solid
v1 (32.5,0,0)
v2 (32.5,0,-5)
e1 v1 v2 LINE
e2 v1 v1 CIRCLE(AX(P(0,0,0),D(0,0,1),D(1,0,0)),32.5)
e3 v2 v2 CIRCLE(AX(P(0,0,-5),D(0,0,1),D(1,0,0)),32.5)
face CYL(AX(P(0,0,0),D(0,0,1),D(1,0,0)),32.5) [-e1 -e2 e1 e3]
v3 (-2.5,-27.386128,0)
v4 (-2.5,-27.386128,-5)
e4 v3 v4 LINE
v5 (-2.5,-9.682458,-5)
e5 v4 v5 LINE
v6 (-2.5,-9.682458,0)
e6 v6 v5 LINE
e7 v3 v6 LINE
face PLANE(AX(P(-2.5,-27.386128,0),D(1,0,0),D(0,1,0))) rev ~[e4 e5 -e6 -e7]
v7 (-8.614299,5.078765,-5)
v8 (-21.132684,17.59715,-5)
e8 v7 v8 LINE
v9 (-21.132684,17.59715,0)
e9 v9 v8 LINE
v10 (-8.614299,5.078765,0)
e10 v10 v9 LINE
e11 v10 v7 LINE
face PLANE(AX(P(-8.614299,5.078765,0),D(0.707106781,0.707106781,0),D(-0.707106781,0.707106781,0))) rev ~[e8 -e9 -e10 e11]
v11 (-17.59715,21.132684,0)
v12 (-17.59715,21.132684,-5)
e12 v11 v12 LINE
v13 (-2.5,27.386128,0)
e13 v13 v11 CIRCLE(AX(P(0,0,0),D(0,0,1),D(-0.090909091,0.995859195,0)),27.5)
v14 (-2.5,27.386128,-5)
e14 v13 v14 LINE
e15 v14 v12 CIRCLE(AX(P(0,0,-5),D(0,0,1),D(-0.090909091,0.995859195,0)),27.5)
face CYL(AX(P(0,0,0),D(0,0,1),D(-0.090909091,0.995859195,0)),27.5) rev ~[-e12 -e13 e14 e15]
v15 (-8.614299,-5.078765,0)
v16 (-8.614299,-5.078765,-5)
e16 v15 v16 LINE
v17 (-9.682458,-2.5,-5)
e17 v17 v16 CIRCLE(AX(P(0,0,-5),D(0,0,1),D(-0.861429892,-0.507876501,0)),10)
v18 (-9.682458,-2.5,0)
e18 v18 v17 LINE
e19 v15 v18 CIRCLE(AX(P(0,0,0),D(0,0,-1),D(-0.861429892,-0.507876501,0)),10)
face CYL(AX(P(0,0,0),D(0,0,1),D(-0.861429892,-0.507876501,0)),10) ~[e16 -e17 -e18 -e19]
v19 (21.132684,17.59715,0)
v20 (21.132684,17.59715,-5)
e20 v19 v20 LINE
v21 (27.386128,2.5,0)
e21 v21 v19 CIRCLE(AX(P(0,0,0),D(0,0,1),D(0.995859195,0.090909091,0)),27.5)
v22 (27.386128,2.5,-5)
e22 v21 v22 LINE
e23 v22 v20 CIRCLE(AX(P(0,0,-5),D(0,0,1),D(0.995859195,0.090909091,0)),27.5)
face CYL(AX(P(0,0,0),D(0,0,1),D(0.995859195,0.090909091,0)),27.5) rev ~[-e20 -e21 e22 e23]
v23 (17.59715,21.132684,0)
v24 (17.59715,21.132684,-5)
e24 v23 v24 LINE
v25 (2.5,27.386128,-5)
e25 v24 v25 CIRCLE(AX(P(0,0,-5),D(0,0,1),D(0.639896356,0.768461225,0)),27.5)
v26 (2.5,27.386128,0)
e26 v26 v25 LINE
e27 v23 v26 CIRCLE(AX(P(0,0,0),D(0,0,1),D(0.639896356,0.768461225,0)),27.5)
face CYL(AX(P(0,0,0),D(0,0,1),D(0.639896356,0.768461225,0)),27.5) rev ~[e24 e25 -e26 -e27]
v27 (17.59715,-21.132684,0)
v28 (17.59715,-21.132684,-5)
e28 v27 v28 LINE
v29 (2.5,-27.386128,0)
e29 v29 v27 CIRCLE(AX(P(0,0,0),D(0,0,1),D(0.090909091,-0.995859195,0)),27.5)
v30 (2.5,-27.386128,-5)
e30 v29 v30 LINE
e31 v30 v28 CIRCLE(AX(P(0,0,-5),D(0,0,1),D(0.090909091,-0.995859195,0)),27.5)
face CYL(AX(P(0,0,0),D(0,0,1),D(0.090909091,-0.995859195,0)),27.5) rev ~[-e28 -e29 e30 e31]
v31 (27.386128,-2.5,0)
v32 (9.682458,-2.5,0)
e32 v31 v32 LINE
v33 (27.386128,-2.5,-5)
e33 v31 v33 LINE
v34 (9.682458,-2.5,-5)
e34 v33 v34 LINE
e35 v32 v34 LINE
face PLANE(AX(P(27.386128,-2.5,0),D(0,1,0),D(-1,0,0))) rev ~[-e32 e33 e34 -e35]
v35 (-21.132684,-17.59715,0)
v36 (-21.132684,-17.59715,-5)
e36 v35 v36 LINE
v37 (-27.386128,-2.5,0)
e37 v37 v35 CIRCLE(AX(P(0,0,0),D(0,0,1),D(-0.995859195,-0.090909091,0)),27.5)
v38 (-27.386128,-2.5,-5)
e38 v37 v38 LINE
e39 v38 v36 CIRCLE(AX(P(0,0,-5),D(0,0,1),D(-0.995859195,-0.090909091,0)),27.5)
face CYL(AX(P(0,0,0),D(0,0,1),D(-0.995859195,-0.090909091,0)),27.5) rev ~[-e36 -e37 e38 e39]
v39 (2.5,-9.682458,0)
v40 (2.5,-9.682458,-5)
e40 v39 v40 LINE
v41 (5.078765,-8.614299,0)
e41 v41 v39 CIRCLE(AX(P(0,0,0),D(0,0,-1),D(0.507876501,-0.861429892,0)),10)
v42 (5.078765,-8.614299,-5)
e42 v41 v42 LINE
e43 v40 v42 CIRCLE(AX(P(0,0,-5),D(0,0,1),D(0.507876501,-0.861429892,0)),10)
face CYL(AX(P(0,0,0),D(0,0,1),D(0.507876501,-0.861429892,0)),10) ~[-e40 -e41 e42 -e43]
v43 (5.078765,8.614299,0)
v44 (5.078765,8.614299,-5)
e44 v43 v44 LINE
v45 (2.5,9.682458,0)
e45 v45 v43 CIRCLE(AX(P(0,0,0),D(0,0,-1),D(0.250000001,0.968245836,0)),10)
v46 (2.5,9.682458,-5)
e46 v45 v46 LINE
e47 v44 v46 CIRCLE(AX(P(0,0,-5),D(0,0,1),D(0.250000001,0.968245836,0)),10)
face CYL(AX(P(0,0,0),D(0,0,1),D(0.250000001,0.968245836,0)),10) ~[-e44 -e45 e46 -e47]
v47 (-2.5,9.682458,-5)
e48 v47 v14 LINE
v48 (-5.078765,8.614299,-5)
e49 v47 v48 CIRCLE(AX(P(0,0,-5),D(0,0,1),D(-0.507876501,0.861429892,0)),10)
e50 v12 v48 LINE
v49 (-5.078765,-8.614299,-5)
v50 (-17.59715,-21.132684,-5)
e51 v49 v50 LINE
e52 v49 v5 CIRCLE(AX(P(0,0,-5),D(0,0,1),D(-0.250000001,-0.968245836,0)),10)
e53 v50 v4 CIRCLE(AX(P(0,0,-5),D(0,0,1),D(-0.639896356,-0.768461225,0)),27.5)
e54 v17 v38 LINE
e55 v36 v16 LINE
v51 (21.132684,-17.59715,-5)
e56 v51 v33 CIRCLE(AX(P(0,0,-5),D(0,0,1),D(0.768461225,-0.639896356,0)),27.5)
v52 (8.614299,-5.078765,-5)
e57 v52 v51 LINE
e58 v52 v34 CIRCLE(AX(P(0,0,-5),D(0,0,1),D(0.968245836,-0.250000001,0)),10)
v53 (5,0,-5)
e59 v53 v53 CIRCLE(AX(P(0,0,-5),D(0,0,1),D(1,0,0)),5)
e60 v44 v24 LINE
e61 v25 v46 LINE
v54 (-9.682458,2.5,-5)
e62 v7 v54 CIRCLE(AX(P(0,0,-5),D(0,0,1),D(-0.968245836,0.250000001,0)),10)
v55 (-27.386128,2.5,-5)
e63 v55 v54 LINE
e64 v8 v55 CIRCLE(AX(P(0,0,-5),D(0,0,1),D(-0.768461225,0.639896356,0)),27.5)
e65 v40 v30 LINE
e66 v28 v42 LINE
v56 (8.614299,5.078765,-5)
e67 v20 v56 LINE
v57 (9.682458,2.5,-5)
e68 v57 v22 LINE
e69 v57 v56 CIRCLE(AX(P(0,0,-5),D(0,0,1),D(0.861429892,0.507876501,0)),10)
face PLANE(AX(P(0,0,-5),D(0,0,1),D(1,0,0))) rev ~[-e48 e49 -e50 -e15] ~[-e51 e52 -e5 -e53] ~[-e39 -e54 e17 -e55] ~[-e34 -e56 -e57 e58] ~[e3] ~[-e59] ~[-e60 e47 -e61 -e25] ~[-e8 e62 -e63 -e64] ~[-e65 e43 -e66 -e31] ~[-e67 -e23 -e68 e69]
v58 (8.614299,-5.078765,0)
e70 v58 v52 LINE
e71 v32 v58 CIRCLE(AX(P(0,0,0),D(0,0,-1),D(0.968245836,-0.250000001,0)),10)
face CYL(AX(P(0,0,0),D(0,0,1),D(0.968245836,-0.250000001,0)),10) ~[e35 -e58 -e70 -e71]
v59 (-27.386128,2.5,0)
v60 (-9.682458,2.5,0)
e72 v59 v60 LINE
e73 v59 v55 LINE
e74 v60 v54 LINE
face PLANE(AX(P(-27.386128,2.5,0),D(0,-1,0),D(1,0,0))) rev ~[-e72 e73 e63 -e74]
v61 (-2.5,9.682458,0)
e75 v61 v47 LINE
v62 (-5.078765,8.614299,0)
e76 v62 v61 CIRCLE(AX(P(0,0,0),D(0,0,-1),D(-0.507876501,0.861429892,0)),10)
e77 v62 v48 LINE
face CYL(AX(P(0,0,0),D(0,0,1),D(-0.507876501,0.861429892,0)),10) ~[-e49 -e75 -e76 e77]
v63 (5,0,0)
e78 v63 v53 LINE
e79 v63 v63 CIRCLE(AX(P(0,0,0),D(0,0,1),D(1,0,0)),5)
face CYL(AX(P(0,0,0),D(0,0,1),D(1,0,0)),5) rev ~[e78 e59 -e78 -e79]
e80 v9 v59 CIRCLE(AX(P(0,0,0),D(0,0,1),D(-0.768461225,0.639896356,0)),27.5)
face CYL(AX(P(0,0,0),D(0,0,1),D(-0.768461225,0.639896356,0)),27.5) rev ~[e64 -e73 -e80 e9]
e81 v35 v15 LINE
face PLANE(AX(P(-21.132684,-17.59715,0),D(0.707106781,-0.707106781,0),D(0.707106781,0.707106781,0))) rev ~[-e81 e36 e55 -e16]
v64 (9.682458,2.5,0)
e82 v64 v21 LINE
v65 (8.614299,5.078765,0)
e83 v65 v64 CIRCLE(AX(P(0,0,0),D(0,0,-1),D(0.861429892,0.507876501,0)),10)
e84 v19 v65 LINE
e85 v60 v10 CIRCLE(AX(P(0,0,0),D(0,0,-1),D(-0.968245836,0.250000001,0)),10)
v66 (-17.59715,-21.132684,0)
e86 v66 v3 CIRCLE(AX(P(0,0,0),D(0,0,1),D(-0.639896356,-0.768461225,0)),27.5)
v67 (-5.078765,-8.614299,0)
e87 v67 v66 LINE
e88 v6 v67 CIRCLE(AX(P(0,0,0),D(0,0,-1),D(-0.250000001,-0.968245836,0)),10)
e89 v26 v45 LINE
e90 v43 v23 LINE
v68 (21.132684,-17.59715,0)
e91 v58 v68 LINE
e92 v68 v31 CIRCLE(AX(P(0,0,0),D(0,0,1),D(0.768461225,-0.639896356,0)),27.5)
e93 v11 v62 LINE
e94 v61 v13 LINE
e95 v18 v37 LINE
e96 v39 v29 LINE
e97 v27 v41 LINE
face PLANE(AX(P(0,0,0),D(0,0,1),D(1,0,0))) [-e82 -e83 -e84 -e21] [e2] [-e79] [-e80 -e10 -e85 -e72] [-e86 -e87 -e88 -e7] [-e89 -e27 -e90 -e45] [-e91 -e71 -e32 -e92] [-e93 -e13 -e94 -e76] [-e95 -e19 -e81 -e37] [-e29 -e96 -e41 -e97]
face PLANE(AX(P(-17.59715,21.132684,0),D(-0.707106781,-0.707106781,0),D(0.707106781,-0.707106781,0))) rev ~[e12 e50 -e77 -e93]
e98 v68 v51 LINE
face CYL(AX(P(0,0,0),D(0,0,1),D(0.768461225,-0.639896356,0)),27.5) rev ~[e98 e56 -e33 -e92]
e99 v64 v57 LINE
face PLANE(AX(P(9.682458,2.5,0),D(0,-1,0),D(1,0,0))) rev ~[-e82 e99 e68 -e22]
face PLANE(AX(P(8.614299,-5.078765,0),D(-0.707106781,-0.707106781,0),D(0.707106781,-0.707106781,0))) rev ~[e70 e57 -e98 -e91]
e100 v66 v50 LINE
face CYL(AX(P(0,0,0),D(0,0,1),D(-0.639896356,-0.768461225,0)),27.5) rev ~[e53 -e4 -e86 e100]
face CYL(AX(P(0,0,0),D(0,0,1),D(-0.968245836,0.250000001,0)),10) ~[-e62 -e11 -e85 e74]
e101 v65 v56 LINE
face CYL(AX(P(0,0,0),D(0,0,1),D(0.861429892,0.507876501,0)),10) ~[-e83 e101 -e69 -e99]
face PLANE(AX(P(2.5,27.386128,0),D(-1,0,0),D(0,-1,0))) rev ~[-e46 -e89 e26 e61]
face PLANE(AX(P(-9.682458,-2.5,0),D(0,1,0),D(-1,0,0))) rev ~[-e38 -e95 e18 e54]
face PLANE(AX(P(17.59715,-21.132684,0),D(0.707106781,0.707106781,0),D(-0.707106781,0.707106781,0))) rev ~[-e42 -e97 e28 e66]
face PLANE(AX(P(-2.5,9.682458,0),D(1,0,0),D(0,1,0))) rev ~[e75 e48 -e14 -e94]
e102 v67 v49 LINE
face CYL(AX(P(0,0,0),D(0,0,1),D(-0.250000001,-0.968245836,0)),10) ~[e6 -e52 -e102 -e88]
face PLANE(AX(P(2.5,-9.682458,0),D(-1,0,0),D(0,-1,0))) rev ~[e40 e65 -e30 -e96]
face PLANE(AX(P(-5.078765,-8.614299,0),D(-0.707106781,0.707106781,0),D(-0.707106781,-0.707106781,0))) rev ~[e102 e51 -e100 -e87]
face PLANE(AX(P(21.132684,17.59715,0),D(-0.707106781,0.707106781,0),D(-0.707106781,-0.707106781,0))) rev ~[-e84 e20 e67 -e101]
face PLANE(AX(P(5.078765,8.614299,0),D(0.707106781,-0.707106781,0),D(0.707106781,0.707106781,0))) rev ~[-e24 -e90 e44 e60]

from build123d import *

# Parameters (mm, degrees)
SKIZZE1_R                       = 32.5
SKIZZE1_R_2                     = 5
AUFSATZ_LINEAR_AUSTRAGEN1_DEPTH = 5
SCHNITT_LINEAR_AUSTRAGEN1_DEPTH = 6
KREISMUSTER1_COUNT              = 8


with BuildPart() as part:
    # Skizze1 → Aufsatz-Linear austragen1 (new body)
    with BuildSketch(Plane.XY):
        Circle(SKIZZE1_R)
        Circle(SKIZZE1_R_2, mode=Mode.SUBTRACT)
    extrude(amount=-AUFSATZ_LINEAR_AUSTRAGEN1_DEPTH)

    # Skizze2 → Schnitt-Linear austragen1 (cut, through all)
    with BuildSketch(Plane.XY):
        with BuildLine():
            Line((2.5, 27.386127875), (2.5, 9.682458366))
            ThreePointArc((2.5, 9.682458366), (3.826834324, 9.238795325), (5.078765016, 8.614298922))
            Line((5.078765016, 8.614298922), (17.597149778, 21.132683684))
            ThreePointArc((17.597149778, 21.132683684), (10.52379439, 25.406687144), (2.5, 27.386127875))
        make_face()
    schnitt_linear_austragen1 = extrude(amount=-SCHNITT_LINEAR_AUSTRAGEN1_DEPTH, mode=Mode.SUBTRACT)

    # Kreismuster1: Schnitt-Linear austragen1 ×8 about axis
    kreismuster1_axis = Axis((0, 0, 0), (0, 0, 1))
    for i in range(1, KREISMUSTER1_COUNT):
        add(schnitt_linear_austragen1.rotate(kreismuster1_axis, i * 360 / KREISMUSTER1_COUNT), mode=Mode.SUBTRACT)


solid = part.part
